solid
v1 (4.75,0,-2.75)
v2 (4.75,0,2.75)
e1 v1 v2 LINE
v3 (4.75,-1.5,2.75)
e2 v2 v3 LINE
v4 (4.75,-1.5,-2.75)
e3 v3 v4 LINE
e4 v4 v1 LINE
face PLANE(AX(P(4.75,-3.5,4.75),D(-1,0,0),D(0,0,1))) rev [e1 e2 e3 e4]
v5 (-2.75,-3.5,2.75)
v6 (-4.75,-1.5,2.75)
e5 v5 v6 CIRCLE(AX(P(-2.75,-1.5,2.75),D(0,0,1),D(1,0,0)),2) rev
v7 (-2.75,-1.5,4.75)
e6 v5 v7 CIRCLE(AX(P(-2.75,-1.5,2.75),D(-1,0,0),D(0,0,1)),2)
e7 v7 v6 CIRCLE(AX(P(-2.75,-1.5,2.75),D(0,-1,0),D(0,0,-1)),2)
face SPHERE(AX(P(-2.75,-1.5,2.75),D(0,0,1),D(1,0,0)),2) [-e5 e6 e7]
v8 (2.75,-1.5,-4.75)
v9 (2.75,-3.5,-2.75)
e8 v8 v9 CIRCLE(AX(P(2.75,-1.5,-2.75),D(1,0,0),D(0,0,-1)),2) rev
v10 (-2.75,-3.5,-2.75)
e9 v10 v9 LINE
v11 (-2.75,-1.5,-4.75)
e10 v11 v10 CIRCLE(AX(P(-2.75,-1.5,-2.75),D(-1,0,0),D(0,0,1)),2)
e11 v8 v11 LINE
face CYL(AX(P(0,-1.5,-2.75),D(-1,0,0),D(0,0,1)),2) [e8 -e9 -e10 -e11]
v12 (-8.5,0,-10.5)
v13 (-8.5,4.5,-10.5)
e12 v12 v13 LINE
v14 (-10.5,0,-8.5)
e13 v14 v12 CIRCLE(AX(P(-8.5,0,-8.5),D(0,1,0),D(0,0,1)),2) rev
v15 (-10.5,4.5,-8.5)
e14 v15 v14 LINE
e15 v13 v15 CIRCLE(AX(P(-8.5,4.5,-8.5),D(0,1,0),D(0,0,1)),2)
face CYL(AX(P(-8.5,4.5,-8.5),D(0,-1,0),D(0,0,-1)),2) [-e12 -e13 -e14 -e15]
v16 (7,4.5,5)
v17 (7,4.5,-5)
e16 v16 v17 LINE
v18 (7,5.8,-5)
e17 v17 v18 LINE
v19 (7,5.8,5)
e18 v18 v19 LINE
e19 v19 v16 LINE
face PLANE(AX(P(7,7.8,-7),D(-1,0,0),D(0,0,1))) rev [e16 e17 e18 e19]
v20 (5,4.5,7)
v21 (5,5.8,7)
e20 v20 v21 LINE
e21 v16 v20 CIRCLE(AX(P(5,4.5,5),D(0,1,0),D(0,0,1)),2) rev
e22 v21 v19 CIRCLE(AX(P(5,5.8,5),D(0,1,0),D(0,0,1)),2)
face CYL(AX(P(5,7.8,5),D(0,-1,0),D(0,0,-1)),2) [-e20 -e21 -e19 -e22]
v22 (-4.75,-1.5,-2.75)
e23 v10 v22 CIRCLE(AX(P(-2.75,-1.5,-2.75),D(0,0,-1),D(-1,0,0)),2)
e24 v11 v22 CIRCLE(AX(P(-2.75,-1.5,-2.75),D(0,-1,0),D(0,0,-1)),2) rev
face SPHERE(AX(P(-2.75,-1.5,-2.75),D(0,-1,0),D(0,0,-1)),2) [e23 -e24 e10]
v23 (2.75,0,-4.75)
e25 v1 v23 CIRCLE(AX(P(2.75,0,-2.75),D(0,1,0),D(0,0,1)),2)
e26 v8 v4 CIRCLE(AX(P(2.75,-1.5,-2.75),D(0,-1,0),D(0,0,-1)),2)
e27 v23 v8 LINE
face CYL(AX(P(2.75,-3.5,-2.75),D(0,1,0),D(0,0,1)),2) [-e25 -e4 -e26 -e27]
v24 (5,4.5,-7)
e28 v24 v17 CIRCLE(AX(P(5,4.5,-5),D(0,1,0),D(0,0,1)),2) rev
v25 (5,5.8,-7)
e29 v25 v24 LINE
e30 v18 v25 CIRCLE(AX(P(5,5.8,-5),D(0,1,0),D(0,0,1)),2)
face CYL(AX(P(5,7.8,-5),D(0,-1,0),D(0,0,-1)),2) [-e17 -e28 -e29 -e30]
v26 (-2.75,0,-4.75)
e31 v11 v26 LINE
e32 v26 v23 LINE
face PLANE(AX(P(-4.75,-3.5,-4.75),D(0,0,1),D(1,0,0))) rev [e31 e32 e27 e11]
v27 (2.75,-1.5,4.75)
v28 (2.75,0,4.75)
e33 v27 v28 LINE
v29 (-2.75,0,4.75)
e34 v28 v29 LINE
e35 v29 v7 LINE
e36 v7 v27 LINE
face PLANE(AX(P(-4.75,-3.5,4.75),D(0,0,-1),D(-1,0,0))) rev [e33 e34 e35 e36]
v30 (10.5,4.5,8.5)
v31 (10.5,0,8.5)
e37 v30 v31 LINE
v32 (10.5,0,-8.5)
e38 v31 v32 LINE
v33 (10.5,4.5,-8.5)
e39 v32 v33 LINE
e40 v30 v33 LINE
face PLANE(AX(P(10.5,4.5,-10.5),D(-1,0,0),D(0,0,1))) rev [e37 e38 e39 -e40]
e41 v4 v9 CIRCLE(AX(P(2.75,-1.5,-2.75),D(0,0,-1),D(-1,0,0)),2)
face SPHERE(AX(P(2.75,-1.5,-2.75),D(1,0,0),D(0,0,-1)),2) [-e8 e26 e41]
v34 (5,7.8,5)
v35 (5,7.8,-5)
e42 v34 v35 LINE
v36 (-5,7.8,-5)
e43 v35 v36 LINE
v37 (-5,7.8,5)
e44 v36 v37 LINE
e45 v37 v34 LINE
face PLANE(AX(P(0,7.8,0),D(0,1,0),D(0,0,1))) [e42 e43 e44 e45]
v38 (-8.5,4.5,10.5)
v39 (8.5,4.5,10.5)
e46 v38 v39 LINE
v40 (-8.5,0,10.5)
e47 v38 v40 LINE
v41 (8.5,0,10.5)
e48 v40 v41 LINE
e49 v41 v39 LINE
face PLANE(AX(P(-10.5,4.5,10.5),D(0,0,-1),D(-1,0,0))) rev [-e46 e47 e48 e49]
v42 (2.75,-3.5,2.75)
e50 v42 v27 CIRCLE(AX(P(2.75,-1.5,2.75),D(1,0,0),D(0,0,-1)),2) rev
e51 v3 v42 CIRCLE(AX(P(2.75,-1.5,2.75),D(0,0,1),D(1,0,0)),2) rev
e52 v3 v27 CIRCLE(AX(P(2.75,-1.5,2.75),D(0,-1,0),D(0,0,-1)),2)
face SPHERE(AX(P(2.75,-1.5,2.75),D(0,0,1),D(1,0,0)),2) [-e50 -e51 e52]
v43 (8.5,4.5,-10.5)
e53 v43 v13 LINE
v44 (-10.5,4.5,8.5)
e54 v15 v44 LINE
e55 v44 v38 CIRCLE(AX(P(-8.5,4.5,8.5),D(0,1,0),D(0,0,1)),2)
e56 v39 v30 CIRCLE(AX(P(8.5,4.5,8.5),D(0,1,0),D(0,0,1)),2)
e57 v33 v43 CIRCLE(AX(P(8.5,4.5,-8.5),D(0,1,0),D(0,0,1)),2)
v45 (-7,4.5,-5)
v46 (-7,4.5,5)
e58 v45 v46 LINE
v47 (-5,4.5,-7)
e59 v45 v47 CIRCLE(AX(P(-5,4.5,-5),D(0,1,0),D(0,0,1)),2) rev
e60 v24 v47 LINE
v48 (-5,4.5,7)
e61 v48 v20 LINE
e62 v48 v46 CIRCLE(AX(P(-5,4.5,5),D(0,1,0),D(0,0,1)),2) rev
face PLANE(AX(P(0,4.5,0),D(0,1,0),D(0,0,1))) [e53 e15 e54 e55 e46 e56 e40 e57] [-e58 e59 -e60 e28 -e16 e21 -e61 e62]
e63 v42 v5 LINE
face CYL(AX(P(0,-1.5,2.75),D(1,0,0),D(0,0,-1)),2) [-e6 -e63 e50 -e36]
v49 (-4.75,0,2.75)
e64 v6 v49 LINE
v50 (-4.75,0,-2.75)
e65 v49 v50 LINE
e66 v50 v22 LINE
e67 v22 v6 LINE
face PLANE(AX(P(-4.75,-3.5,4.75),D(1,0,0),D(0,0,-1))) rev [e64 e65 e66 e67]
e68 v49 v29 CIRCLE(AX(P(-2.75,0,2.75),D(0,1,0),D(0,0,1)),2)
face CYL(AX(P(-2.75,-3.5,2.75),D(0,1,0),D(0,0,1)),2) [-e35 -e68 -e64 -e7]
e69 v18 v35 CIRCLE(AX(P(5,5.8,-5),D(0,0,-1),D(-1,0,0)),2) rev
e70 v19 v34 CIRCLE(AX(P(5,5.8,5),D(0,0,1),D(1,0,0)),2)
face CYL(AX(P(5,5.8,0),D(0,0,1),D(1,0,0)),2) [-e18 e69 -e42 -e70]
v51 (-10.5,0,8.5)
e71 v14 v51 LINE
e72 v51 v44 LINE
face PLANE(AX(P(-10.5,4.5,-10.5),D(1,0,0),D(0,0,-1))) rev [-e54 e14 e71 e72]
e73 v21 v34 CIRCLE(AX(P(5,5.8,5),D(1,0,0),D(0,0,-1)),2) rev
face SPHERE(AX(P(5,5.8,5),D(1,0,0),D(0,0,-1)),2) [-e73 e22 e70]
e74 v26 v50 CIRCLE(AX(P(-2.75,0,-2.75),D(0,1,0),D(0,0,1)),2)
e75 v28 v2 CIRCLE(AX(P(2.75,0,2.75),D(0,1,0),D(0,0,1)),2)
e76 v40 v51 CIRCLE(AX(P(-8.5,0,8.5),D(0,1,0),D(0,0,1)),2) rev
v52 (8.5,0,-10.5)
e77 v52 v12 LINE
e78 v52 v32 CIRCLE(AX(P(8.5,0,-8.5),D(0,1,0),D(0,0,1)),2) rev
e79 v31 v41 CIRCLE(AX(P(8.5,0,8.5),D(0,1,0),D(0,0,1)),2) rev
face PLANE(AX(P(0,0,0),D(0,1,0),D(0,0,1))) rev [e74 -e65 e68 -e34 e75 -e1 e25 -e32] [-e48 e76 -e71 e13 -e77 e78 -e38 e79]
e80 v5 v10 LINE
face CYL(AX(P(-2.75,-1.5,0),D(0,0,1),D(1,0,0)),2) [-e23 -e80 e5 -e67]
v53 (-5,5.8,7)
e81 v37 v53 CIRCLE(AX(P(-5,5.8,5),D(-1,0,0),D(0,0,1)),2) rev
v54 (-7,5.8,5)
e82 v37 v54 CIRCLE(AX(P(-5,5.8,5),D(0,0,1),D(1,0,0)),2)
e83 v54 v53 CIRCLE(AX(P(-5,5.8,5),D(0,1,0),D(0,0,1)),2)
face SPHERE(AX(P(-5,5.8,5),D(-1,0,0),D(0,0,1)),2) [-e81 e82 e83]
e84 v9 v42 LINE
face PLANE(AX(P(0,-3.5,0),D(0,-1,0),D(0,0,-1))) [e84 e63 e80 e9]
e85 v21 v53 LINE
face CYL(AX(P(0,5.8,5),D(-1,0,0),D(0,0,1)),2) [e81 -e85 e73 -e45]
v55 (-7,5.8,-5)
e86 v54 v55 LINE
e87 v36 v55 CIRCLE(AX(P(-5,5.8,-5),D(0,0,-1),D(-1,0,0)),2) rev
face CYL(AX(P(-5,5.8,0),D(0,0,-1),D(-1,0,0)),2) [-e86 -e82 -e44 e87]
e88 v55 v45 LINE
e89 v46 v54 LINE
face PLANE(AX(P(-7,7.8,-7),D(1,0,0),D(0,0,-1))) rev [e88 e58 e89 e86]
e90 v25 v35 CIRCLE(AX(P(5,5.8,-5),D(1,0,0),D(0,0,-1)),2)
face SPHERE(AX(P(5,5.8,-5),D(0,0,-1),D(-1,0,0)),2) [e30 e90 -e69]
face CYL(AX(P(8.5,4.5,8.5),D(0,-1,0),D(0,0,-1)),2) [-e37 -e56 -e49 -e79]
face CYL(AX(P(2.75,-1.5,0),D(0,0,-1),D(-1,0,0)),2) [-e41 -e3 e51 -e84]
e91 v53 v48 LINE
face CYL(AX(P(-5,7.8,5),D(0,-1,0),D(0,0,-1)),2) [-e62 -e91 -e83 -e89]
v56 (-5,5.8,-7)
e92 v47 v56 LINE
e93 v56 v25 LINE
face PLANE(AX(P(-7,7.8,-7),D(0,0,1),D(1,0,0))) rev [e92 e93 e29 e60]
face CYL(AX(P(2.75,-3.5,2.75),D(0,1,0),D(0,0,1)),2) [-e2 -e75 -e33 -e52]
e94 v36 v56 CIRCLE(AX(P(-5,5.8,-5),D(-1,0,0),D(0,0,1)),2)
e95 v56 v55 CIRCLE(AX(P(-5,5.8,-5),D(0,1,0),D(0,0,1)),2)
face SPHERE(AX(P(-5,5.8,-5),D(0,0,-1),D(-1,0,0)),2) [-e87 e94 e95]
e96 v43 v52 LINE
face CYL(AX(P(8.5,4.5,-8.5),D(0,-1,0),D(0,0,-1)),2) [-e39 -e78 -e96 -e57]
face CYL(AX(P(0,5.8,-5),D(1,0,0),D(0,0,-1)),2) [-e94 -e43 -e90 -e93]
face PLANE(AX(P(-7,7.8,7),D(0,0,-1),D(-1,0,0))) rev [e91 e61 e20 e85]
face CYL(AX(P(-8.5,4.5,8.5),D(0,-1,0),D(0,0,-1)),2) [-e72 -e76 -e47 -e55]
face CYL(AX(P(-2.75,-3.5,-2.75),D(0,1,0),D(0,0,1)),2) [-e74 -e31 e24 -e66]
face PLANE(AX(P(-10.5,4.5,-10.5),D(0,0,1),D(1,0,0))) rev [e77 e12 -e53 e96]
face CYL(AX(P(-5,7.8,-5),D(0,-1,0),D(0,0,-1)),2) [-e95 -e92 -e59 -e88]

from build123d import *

# Parameters (mm, degrees)
SKETCH1_W           = 21
SKETCH1_H           = 21
BOSS_EXTRUDE1_DEPTH = 4.5
SKETCH2_W           = 9.5
SKETCH2_H           = 9.5
BOSS_EXTRUDE2_DEPTH = 3.5
SKETCH3_W           = 14
SKETCH3_H           = 14
BOSS_EXTRUDE3_DEPTH = 3.3
FILLET1_R           = 2
FILLET2_R           = 2
FILLET3_R           = 2


with BuildPart() as part:
    # Sketch1 → Boss-Extrude1 (new body)
    with BuildSketch(Plane(origin=(0, 0, 0), x_dir=(1, 0, 0), z_dir=(0, 1, 0))):
        Rectangle(SKETCH1_W, SKETCH1_H)
    extrude(amount=BOSS_EXTRUDE1_DEPTH)

    # Sketch2 → Boss-Extrude2 (add)
    with BuildSketch(Plane.XZ):
        Rectangle(SKETCH2_W, SKETCH2_H)
    extrude(amount=BOSS_EXTRUDE2_DEPTH)

    # Sketch3 → Boss-Extrude3 (add)
    with BuildSketch(Plane(origin=(0, 4.5, 0), x_dir=(1, 0, 0), z_dir=(0, 1, 0))):
        Rectangle(SKETCH3_W, SKETCH3_H)
    extrude(amount=BOSS_EXTRUDE3_DEPTH)

    # Fillet1
    fillet1_edges = [part.edges().sort_by_distance(p)[0] for p in [
        (10.5, 2.25, 10.5),
        (-10.5, 2.25, 10.5),
        (-10.5, 2.25, -10.5),
        (10.5, 2.25, -10.5),
    ]]
    fillet(fillet1_edges, radius=FILLET1_R)

    # Fillet2
    fillet2_edges = [part.edges().sort_by_distance(p)[0] for p in [
        (7, 6.15, 7),
        (7, 6.15, -7),
        (-7, 6.15, -7),
        (-7, 6.15, 7),
        (7, 7.8, 0),
        (0, 7.8, -7),
        (-7, 7.8, 0),
        (0, 7.8, 7),
    ]]
    fillet(fillet2_edges, radius=FILLET2_R)

    # Fillet3
    fillet3_edges = [part.edges().sort_by_distance(p)[0] for p in [
        (4.75, -1.75, -4.75),
        (4.75, -1.75, 4.75),
        (-4.75, -1.75, 4.75),
        (-4.75, -1.75, -4.75),
        (4.75, -3.5, 0),
        (0, -3.5, 4.75),
        (-4.75, -3.5, 0),
        (0, -3.5, -4.75),
    ]]
    fillet(fillet3_edges, radius=FILLET3_R)


solid = part.part
